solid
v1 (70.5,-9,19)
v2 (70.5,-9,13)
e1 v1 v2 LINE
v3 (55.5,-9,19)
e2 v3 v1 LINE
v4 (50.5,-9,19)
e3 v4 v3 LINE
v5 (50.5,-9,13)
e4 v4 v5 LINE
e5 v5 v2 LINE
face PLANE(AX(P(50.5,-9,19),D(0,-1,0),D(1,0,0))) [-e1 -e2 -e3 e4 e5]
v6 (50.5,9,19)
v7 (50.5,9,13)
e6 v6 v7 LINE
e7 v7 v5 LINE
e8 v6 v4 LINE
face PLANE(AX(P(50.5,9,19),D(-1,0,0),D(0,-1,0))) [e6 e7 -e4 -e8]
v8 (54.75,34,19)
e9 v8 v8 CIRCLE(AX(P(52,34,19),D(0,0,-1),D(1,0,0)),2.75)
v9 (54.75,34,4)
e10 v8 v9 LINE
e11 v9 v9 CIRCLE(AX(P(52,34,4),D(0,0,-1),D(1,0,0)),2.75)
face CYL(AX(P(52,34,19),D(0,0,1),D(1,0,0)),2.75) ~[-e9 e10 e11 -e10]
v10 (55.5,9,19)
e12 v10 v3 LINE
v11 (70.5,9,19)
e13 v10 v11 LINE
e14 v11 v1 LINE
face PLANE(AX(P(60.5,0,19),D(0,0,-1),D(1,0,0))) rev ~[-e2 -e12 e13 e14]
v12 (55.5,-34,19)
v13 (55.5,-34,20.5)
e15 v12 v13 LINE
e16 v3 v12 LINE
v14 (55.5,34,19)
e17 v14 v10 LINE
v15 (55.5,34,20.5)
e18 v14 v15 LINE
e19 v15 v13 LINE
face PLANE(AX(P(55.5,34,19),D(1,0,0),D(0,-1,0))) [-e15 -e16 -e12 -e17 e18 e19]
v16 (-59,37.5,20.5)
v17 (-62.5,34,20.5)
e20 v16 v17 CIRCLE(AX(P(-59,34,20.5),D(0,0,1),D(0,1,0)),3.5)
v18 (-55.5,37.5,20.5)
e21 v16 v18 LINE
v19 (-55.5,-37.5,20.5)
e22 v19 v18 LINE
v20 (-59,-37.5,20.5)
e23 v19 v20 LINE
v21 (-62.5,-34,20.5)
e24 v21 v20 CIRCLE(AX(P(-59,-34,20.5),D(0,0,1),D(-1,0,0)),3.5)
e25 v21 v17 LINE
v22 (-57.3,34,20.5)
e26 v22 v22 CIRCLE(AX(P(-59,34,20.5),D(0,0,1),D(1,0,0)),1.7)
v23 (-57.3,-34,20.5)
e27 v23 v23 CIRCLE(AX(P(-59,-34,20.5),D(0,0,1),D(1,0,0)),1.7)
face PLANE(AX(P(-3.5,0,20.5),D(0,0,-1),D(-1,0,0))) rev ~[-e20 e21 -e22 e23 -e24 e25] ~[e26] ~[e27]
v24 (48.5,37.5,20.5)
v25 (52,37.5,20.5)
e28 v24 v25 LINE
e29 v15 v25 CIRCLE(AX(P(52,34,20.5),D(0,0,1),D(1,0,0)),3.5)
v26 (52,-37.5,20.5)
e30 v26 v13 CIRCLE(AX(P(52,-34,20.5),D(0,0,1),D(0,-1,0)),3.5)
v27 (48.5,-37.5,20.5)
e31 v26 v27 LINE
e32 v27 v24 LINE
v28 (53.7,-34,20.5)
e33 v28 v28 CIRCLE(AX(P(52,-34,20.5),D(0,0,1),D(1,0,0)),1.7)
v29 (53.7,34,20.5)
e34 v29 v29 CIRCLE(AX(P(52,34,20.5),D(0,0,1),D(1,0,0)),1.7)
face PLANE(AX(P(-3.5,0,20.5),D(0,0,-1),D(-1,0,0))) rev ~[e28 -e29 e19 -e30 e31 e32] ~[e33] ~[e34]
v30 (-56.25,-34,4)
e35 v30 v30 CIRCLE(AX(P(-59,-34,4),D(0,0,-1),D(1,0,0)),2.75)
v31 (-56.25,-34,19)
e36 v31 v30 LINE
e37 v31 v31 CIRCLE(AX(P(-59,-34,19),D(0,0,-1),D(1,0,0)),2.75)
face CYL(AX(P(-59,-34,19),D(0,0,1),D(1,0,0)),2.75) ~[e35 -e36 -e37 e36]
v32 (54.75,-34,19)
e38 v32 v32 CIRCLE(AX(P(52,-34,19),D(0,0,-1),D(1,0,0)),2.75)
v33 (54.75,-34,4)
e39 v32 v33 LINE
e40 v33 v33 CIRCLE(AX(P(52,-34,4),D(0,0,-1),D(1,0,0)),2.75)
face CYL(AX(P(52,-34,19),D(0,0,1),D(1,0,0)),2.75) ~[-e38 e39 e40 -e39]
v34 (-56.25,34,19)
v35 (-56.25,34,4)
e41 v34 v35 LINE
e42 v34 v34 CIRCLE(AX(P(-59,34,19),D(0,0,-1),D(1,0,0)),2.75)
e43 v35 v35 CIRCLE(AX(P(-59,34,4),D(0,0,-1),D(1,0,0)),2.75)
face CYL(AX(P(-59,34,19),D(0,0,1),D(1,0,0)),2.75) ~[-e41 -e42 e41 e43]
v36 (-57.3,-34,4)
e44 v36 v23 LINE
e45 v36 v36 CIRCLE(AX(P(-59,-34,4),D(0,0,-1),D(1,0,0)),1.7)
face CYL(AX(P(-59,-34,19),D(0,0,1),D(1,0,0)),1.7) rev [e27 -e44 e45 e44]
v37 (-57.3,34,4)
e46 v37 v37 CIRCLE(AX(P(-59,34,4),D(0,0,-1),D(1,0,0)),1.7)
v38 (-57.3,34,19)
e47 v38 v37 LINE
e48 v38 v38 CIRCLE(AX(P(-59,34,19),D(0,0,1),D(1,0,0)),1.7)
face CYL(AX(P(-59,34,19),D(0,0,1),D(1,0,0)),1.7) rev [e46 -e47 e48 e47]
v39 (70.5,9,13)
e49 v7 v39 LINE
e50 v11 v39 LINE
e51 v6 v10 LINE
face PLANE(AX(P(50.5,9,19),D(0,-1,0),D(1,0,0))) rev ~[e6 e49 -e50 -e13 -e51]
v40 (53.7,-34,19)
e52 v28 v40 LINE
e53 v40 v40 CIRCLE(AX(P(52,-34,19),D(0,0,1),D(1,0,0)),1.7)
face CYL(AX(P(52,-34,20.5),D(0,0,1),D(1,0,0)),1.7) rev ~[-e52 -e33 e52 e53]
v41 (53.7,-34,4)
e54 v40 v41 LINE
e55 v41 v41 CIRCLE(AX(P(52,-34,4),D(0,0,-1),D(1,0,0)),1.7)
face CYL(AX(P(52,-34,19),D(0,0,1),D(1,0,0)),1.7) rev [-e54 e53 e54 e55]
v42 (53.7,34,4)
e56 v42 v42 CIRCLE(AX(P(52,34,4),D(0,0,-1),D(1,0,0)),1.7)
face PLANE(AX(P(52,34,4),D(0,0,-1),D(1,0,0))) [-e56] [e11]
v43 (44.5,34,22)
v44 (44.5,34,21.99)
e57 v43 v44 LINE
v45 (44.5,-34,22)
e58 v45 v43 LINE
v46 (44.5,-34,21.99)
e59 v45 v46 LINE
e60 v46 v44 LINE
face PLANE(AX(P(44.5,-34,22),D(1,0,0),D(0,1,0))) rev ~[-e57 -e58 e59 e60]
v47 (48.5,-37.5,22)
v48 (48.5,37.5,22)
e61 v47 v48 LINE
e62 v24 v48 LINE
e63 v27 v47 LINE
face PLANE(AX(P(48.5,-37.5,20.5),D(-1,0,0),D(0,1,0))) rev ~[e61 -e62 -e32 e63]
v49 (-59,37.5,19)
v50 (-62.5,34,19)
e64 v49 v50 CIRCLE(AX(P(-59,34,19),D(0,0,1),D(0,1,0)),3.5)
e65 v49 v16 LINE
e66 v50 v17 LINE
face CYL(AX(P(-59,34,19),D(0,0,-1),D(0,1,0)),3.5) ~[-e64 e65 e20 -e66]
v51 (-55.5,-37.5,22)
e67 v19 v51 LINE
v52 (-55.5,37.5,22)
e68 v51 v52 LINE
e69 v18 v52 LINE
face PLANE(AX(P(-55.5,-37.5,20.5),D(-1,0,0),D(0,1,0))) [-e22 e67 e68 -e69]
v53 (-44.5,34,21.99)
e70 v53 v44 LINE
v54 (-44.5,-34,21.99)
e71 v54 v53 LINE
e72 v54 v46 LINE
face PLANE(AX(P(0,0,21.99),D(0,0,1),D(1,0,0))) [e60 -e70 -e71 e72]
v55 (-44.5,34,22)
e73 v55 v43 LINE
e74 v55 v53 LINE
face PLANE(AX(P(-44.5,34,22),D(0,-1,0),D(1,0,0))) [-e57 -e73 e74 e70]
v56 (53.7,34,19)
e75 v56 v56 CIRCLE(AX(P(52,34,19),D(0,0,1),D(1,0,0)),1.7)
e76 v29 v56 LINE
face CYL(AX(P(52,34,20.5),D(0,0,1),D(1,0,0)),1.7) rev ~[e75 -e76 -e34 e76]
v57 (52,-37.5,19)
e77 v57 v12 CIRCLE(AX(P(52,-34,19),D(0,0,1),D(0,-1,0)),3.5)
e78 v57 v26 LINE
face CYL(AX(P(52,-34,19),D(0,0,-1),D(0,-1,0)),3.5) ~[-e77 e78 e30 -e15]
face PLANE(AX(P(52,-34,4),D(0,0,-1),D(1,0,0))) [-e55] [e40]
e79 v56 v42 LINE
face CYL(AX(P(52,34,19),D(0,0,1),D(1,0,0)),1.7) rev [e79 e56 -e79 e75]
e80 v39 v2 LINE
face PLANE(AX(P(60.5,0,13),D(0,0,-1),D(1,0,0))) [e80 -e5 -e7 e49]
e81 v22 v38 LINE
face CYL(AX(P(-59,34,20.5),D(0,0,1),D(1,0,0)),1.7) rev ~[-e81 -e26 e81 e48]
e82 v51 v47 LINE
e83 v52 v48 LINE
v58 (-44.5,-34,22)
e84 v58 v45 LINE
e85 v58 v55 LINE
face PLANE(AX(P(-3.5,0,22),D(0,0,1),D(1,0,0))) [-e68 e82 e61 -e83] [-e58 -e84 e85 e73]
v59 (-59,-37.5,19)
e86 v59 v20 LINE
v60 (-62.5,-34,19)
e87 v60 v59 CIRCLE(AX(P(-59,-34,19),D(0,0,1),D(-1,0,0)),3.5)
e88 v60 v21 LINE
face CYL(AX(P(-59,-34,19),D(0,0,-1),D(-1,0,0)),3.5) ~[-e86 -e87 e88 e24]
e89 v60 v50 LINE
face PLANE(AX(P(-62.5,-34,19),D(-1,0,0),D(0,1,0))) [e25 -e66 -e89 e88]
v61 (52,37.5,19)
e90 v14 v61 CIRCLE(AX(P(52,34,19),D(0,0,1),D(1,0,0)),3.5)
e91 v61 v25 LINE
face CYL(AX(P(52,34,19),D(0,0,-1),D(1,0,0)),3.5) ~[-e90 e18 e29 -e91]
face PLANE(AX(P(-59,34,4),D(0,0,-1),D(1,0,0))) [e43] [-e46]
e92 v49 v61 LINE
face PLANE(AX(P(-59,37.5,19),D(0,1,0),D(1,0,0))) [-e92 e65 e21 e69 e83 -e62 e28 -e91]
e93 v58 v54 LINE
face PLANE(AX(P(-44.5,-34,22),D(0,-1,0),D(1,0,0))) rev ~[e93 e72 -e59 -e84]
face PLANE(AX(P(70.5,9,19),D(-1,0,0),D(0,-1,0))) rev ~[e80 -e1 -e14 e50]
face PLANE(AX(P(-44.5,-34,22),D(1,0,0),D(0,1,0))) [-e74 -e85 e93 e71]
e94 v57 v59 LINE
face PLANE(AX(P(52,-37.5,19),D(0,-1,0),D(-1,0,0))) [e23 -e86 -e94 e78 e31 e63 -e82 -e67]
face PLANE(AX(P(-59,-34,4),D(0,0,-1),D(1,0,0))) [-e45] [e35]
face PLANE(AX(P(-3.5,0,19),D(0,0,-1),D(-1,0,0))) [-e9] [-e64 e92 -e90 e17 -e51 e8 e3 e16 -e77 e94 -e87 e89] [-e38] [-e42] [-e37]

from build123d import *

# Parameters (mm, degrees)
PAD012_DEPTH    = 1.5
SKETCH014_R     = 1.7
POCKET004_DEPTH = 1.501
SKETCH015_W     = 104
SKETCH015_H     = 75
PAD011_DEPTH    = 1.5
SKETCH016_W     = 89
SKETCH016_H     = 68
POCKET005_DEPTH = 0.01
SKETCH019_W     = 20
SKETCH019_H     = 18
PAD010_DEPTH    = 6
SKETCH018_R     = 2.75
SKETCH018_R_2   = 1.7
PAD009_DEPTH    = 15


with BuildPart() as part:
    # Sketch017 → Pad012 (new body)
    with BuildSketch(Plane.XY):
        with BuildLine():
            Line((3.5, 75), (114.5, 75))
            ThreePointArc((118, 71.5), (116.9748737342, 73.9748737342), (114.5, 75))
            Line((118, 71.5), (118, 3.5))
            ThreePointArc((114.5, 0), (116.9748737342, 1.0251262658), (118, 3.5))
            Line((114.5, 0), (3.5, 0))
            ThreePointArc((0, 3.5), (1.0251262658, 1.0251262658), (3.5, 0))
            Line((0, 3.5), (0, 71.5))
            ThreePointArc((3.5, 75), (1.0251262658, 73.9748737342), (0, 71.5))
        make_face()
    extrude(amount=PAD012_DEPTH)

    # Sketch014 (on Face10 of Pad012) → Pocket004 (cut, through all)
    with BuildSketch(Plane.XY.offset(1.5)):
        with Locations((3.5, 3.5)):
            Circle(SKETCH014_R)
        with Locations((3.5, 71.5)):
            Circle(SKETCH014_R)
        with Locations((114.5, 71.5)):
            Circle(SKETCH014_R)
        with Locations((114.5, 3.5)):
            Circle(SKETCH014_R)
    extrude(amount=-POCKET004_DEPTH, mode=Mode.SUBTRACT)

    # Sketch015 (on Face5 of Pocket004) → Pad011 (join)
    with BuildSketch(Plane.XY.offset(1.5)):
        with Locations((59, 37.5)):
            Rectangle(SKETCH015_W, SKETCH015_H)
    extrude(amount=PAD011_DEPTH)

    # Sketch016 (on Face19 of Pad011) → Pocket005 (cut)
    with BuildSketch(Plane.XY.offset(3)):
        with Locations((62.5, 37.5)):
            Rectangle(SKETCH016_W, SKETCH016_H)
    extrude(amount=-POCKET005_DEPTH, mode=Mode.SUBTRACT)

    # Sketch019 (on Face4 of Pocket005) → Pad010 (join)
    with BuildSketch(Plane(origin=(0, 0, 0), x_dir=(1, 0, 0), z_dir=(0, 0, -1))):
        with Locations((123, -37.5)):
            Rectangle(SKETCH019_W, SKETCH019_H)
    extrude(amount=PAD010_DEPTH)

    # Sketch018 (on Face4 of Pad010) → Pad009 (join)
    with BuildSketch(Plane(origin=(0, 0, 0), x_dir=(1, 0, 0), z_dir=(0, 0, -1))):
        with Locations((3.5, -3.5)):
            Circle(SKETCH018_R)
        with Locations((3.5, -3.5)):
            Circle(SKETCH018_R_2, mode=Mode.SUBTRACT)
        with Locations((114.5, -3.5)):
            Circle(SKETCH018_R)
        with Locations((114.5, -3.5)):
            Circle(SKETCH018_R_2, mode=Mode.SUBTRACT)
        with Locations((114.5, -71.5)):
            Circle(SKETCH018_R)
        with Locations((114.5, -71.5)):
            Circle(SKETCH018_R_2, mode=Mode.SUBTRACT)
        with Locations((3.5, -71.5)):
            Circle(SKETCH018_R)
        with Locations((3.5, -71.5)):
            Circle(SKETCH018_R_2, mode=Mode.SUBTRACT)
    extrude(amount=PAD009_DEPTH)


with BuildPart() as part_1:
    # Body002 placement: moved
    add(part.part.moved(Location((-62.5, -37.5, 19))))


solid = part_1.part
